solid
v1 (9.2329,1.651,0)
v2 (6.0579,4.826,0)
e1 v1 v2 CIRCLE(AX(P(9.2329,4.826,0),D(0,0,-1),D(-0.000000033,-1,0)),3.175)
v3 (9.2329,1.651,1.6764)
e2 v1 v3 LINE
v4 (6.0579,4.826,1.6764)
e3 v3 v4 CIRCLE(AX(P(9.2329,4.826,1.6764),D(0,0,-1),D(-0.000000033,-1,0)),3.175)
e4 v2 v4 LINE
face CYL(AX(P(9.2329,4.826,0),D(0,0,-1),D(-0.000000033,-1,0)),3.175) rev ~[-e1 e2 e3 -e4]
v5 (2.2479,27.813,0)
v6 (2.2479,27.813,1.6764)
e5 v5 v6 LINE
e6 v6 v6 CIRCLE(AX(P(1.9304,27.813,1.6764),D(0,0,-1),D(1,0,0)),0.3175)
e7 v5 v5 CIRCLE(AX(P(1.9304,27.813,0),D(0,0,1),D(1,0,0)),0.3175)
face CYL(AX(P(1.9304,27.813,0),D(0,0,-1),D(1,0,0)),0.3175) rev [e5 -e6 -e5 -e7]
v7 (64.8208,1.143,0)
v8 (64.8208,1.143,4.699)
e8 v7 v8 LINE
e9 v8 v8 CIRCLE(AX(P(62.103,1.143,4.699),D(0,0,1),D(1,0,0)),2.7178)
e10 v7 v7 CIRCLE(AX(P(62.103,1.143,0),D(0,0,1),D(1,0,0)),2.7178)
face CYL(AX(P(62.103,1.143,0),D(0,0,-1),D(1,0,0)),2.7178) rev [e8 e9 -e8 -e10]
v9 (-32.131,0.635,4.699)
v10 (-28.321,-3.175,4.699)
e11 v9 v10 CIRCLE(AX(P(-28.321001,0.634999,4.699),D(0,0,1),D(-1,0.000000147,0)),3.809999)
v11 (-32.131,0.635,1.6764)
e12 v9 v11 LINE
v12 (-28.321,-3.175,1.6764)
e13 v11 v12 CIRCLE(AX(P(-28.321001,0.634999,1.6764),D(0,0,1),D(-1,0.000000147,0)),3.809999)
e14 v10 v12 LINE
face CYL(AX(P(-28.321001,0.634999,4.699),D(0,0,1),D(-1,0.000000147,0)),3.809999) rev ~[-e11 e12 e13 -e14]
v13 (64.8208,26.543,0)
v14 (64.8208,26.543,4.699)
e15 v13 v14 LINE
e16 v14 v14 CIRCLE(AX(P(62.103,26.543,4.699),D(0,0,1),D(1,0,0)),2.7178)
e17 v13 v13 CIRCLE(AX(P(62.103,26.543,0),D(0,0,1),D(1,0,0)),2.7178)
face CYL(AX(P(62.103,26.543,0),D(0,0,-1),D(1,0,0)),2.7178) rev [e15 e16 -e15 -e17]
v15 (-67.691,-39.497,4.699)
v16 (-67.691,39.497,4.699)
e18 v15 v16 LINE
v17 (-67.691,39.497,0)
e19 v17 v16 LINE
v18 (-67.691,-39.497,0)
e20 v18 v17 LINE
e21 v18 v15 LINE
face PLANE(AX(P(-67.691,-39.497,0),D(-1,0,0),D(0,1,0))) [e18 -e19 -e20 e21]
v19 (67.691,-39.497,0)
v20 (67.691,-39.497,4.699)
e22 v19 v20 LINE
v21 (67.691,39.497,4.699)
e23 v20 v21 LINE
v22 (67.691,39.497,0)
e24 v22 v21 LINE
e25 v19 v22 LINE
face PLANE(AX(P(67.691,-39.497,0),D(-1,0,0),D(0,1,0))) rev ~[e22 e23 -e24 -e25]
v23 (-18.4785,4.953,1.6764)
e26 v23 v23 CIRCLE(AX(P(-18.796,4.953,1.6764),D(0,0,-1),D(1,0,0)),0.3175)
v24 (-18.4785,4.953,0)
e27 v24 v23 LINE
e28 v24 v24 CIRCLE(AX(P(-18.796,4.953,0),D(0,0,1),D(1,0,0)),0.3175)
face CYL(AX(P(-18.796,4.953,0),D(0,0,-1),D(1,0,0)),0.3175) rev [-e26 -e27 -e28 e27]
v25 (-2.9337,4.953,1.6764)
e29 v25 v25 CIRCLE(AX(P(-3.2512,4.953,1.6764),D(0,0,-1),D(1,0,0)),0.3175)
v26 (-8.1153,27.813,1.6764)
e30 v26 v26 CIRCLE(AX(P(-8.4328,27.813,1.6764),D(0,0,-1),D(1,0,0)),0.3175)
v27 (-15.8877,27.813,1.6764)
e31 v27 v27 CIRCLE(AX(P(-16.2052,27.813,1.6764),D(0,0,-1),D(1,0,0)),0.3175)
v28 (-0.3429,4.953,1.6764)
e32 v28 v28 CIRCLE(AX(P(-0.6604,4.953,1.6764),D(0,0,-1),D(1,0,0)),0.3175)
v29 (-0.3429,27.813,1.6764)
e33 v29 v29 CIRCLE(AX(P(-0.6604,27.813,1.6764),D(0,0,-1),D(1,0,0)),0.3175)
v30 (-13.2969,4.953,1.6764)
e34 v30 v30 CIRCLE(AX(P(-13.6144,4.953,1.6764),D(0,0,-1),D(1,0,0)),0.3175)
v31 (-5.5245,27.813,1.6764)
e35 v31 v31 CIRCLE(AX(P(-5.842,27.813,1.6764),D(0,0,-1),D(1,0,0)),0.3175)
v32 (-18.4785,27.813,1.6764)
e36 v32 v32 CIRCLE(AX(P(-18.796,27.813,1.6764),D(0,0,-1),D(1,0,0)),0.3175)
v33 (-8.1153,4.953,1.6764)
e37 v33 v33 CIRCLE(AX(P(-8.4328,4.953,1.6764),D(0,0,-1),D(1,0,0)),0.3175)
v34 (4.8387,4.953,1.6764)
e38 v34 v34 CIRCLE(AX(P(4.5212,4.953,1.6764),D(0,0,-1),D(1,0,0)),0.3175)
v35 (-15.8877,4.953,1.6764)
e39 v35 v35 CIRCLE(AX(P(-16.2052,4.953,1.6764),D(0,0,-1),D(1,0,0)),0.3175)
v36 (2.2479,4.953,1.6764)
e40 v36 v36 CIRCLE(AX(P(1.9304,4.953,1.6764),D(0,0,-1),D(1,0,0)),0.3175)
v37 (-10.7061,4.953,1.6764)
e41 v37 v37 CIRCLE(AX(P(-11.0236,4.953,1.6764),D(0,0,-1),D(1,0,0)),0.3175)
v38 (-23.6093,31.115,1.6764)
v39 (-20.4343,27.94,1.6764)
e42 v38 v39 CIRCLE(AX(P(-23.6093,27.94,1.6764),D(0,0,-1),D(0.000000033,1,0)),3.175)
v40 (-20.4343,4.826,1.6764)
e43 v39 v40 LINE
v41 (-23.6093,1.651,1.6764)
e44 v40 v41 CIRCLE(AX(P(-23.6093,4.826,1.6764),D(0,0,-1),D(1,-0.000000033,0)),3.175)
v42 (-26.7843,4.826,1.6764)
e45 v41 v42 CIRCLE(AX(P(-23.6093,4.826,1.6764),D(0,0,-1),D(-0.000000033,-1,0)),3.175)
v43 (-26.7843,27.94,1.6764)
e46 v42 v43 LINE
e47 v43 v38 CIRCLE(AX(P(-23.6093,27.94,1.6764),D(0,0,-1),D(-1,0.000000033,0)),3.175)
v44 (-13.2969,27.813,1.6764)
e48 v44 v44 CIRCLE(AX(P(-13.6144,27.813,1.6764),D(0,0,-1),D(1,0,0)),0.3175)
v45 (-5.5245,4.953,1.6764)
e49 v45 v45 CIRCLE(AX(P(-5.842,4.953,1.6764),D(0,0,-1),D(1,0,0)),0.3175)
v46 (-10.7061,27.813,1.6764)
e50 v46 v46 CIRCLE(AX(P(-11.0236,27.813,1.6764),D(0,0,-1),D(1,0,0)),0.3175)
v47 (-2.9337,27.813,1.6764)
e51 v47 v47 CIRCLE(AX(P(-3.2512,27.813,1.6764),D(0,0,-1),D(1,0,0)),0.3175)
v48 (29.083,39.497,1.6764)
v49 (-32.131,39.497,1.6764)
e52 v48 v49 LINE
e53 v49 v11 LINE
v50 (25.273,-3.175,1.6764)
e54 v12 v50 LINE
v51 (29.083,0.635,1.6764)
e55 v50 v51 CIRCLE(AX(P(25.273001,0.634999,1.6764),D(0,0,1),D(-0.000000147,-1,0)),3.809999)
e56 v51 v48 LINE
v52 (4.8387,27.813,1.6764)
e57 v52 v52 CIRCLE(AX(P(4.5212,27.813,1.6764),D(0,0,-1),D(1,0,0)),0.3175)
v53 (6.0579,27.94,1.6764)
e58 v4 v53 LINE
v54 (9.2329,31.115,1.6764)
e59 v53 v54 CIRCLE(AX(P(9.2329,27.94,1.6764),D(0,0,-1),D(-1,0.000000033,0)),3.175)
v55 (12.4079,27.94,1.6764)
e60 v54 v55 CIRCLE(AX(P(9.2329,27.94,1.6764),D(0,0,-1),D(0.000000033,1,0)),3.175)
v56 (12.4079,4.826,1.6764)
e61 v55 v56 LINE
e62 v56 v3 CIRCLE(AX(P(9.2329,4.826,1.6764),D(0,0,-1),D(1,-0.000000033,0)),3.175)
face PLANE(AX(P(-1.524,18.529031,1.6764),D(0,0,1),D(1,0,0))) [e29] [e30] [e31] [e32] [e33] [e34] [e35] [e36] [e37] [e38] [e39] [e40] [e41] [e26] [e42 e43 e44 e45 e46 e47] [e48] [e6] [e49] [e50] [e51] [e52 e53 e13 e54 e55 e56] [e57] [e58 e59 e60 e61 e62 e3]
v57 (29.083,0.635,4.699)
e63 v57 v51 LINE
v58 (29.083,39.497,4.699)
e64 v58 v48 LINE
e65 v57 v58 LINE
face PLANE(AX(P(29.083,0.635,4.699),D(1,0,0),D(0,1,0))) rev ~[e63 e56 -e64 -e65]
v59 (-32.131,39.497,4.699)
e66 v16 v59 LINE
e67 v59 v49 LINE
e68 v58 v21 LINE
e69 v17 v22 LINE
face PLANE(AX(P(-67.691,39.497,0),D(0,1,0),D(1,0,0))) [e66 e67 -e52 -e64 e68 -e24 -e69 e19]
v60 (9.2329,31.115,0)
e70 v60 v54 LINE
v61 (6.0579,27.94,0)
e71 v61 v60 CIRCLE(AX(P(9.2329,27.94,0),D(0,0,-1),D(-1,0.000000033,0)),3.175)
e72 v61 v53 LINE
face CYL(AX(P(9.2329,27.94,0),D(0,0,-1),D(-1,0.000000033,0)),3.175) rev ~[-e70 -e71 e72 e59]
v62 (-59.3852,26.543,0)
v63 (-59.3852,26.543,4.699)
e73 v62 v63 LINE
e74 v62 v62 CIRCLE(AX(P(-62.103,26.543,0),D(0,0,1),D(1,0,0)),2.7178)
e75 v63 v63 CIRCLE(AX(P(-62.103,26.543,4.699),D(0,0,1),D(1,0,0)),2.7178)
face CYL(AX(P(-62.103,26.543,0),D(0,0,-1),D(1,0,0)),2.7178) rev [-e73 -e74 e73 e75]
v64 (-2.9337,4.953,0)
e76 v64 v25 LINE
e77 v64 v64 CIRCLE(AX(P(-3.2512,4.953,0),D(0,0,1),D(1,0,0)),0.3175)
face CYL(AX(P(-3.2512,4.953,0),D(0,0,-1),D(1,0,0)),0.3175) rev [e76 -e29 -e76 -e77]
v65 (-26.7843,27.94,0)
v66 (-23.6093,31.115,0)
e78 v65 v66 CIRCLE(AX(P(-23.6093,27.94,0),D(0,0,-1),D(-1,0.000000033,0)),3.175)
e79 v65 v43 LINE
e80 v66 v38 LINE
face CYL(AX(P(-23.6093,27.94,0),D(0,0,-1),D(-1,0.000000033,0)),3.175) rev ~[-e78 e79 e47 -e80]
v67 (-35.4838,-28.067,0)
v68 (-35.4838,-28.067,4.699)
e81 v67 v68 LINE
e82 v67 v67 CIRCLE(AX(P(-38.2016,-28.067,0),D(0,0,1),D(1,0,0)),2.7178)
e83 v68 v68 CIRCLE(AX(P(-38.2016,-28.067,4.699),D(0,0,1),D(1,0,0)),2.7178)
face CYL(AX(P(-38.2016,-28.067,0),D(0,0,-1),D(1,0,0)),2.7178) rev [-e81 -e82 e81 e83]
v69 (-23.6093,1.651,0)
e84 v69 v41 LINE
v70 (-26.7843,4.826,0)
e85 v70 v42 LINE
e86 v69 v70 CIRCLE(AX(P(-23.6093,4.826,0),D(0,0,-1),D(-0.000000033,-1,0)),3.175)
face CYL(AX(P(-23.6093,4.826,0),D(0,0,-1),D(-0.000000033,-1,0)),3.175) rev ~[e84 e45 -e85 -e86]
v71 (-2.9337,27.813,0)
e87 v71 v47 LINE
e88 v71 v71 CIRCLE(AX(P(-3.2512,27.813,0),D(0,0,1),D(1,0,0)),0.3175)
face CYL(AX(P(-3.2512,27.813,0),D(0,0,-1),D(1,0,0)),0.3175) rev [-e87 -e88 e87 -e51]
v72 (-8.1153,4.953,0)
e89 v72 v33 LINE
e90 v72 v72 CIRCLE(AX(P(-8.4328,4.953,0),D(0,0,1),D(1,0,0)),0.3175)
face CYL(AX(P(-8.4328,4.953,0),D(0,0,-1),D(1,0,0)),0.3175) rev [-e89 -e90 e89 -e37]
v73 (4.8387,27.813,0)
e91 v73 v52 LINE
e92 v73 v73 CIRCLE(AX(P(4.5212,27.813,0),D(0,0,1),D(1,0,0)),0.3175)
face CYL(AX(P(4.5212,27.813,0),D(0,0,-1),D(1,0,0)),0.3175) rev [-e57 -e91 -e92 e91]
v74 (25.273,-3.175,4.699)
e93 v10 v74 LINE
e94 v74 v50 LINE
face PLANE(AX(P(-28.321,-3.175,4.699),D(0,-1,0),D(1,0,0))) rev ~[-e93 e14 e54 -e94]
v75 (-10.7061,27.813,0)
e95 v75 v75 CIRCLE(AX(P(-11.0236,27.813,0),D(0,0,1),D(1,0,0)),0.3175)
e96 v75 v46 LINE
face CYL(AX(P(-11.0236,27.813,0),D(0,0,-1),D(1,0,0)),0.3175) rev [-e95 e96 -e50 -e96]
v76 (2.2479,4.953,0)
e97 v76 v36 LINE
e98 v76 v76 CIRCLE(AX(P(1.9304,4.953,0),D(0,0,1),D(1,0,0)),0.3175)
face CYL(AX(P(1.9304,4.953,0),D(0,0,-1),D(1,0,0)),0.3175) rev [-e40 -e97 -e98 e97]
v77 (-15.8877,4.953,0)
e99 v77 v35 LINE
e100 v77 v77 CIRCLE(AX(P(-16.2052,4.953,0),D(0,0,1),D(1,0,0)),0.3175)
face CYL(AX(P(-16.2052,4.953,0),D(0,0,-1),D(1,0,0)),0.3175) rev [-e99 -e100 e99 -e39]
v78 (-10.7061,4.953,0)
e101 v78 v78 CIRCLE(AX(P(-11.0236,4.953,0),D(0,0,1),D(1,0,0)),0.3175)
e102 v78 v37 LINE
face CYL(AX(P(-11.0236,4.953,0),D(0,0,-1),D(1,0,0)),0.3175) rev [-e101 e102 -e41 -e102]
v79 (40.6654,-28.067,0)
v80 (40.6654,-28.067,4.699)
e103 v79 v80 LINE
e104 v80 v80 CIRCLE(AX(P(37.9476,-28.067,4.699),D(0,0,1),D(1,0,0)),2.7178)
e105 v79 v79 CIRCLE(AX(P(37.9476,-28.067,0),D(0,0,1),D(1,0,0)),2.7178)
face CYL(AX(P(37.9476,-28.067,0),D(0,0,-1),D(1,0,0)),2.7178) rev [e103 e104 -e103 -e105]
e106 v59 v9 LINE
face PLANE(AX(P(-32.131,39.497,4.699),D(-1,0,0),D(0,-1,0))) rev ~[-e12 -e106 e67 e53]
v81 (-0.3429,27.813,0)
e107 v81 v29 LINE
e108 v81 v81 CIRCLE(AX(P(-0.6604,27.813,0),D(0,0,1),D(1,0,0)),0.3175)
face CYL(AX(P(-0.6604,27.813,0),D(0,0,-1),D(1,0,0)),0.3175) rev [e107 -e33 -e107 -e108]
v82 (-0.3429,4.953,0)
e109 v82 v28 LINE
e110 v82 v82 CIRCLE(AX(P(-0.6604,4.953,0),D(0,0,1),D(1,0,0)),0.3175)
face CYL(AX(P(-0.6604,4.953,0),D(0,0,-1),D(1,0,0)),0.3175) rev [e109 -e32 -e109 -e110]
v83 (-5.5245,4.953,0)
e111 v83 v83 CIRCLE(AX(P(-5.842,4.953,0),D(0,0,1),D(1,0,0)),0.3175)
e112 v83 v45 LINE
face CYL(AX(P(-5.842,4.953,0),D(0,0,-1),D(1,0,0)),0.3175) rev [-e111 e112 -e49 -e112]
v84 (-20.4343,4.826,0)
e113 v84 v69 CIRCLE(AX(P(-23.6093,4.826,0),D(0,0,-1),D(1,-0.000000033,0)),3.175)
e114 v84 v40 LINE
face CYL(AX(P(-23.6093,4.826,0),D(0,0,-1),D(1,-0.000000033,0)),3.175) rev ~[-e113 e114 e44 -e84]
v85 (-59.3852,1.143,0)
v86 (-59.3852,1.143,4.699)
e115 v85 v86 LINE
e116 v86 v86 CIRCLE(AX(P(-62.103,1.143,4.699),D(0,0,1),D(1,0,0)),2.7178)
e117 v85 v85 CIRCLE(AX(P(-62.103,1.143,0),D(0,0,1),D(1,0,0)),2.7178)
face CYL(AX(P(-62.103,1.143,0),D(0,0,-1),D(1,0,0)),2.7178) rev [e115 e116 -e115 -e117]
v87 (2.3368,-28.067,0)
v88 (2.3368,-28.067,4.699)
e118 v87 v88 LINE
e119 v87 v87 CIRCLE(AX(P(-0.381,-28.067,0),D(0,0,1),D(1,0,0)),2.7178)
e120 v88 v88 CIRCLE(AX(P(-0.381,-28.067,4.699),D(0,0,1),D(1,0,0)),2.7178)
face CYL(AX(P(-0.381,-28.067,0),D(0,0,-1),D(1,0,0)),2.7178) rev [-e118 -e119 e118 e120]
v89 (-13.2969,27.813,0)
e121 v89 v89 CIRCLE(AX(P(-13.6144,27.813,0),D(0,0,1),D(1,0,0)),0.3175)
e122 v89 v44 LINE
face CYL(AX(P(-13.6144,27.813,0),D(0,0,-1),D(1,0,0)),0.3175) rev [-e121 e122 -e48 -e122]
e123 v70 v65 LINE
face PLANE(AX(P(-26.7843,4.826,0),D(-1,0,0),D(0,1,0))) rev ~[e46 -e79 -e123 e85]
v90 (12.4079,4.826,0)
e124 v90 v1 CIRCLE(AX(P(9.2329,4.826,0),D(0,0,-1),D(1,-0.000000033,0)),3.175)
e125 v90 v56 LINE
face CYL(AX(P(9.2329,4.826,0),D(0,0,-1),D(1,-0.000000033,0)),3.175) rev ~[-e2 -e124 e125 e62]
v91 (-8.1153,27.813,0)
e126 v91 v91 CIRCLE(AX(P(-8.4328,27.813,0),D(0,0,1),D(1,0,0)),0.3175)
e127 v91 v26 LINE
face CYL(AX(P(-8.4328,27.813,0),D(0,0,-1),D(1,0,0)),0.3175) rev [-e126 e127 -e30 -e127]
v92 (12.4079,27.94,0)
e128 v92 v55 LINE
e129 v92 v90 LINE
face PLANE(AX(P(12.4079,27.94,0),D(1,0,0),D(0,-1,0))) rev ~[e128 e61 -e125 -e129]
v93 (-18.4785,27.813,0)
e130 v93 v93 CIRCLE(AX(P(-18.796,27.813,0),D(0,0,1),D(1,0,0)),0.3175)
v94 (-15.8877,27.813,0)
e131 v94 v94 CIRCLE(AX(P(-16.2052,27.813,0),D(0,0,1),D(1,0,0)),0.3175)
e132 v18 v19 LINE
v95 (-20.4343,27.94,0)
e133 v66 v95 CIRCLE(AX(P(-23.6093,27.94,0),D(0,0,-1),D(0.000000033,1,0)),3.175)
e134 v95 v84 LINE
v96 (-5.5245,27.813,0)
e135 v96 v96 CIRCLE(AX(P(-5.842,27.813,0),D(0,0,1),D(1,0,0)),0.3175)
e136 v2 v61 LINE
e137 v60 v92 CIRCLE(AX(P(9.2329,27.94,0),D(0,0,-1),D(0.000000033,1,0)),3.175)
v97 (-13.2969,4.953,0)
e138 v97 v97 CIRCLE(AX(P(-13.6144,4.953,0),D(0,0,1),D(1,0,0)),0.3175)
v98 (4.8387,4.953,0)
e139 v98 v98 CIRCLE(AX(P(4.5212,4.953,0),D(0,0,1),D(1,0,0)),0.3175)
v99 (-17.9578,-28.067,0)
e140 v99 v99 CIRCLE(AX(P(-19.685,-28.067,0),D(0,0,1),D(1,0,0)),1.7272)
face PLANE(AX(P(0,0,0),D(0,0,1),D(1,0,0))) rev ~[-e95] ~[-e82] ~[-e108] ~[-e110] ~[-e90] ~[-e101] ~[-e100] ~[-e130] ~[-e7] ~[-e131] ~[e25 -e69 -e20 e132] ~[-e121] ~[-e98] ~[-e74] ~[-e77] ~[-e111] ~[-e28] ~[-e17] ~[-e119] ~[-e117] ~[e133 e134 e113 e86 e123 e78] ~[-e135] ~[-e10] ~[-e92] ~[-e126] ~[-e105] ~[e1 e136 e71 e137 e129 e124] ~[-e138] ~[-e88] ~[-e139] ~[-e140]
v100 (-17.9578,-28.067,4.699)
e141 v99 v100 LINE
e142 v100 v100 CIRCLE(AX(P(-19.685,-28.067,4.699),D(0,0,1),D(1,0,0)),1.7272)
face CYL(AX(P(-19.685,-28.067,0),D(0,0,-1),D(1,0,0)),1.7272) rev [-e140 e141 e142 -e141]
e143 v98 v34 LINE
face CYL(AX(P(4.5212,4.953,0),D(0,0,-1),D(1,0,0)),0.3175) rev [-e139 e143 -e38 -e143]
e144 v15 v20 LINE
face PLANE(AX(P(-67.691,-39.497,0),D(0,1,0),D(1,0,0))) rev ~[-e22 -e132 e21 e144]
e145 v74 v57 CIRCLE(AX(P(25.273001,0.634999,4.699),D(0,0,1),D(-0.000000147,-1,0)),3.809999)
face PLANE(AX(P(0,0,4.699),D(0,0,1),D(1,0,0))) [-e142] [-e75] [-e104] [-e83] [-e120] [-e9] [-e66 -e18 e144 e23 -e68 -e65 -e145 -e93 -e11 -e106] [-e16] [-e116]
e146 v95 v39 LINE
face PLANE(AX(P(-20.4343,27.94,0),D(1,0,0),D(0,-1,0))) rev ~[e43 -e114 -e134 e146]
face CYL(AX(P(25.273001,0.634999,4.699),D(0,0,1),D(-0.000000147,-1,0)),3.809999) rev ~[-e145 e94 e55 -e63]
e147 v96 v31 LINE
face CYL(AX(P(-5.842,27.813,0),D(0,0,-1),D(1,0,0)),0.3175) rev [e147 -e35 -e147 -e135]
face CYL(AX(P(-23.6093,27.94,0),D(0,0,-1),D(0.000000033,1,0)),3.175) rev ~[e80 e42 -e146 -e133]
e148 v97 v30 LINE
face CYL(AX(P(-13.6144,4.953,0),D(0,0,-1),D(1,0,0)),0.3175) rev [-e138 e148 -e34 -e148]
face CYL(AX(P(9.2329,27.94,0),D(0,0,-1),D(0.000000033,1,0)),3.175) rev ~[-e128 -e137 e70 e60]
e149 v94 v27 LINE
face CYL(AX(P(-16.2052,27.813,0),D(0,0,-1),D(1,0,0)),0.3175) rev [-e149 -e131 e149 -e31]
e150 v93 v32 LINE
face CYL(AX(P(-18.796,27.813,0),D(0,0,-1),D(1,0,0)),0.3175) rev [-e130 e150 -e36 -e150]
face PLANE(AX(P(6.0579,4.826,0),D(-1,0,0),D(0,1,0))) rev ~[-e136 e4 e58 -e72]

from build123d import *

# Parameters (mm, degrees)
F0_W     = 135.382
F0_H     = 78.994
F0_R     = 2.7178
F0_R_2   = 1.7272
F0_R_3   = 0.3175
F1_DEPTH = 4.699
F3_DEPTH = 3.0226


with BuildPart() as f1:
    # F0 (on Top) → F1 (new body)
    with BuildSketch(Plane.XY):
        Rectangle(F0_W, F0_H)
        with Locations((-38.2016, -28.067)):
            Circle(F0_R, mode=Mode.SUBTRACT)
        with Locations((-19.685, -28.067)):
            Circle(F0_R_2, mode=Mode.SUBTRACT)
        with Locations((-0.381, -28.067)):
            Circle(F0_R, mode=Mode.SUBTRACT)
        with Locations((37.9476, -28.067)):
            Circle(F0_R, mode=Mode.SUBTRACT)
        with Locations((-62.103, 1.143)):
            Circle(F0_R, mode=Mode.SUBTRACT)
        with Locations((-18.796, 4.953)):
            Circle(F0_R_3, mode=Mode.SUBTRACT)
        with Locations((-16.2052, 4.953)):
            Circle(F0_R_3, mode=Mode.SUBTRACT)
        with Locations((-13.6144, 4.953)):
            Circle(F0_R_3, mode=Mode.SUBTRACT)
        with Locations((-11.0236, 4.953)):
            Circle(F0_R_3, mode=Mode.SUBTRACT)
        with Locations((-8.4328, 4.953)):
            Circle(F0_R_3, mode=Mode.SUBTRACT)
        with Locations((-5.842, 4.953)):
            Circle(F0_R_3, mode=Mode.SUBTRACT)
        with Locations((-3.2512, 4.953)):
            Circle(F0_R_3, mode=Mode.SUBTRACT)
        with Locations((-0.6604, 4.953)):
            Circle(F0_R_3, mode=Mode.SUBTRACT)
        with BuildLine():
            ThreePointArc((-23.6093, 31.115), (-21.364236, 30.185064), (-20.4343, 27.94))
            Line((-20.4343, 27.94), (-20.4343, 4.826))
            ThreePointArc((-20.4343, 4.826), (-21.364236, 2.580936), (-23.6093, 1.651))
            ThreePointArc((-23.6093, 1.651), (-25.854364, 2.580936), (-26.7843, 4.826))
            Line((-26.7843, 4.826), (-26.7843, 27.94))
            ThreePointArc((-26.7843, 27.94), (-25.854364, 30.185064), (-23.6093, 31.115))
        make_face(mode=Mode.SUBTRACT)
        with Locations((-62.103, 26.543)):
            Circle(F0_R, mode=Mode.SUBTRACT)
        with Locations((-18.796, 27.813)):
            Circle(F0_R_3, mode=Mode.SUBTRACT)
        with Locations((-16.2052, 27.813)):
            Circle(F0_R_3, mode=Mode.SUBTRACT)
        with Locations((-13.6144, 27.813)):
            Circle(F0_R_3, mode=Mode.SUBTRACT)
        with Locations((-11.0236, 27.813)):
            Circle(F0_R_3, mode=Mode.SUBTRACT)
        with Locations((-8.4328, 27.813)):
            Circle(F0_R_3, mode=Mode.SUBTRACT)
        with Locations((-5.842, 27.813)):
            Circle(F0_R_3, mode=Mode.SUBTRACT)
        with Locations((-3.2512, 27.813)):
            Circle(F0_R_3, mode=Mode.SUBTRACT)
        with Locations((-0.6604, 27.813)):
            Circle(F0_R_3, mode=Mode.SUBTRACT)
        with Locations((1.9304, 4.953)):
            Circle(F0_R_3, mode=Mode.SUBTRACT)
        with Locations((4.5212, 4.953)):
            Circle(F0_R_3, mode=Mode.SUBTRACT)
        with BuildLine():
            Line((6.0579, 4.826), (6.0579, 27.94))
            ThreePointArc((6.0579, 27.94), (6.987836, 30.185064), (9.2329, 31.115))
            ThreePointArc((9.2329, 31.115), (11.477964, 30.185064), (12.4079, 27.94))
            Line((12.4079, 27.94), (12.4079, 4.826))
            ThreePointArc((12.4079, 4.826), (11.477964, 2.580936), (9.2329, 1.651))
            ThreePointArc((9.2329, 1.651), (6.987836, 2.580936), (6.0579, 4.826))
        make_face(mode=Mode.SUBTRACT)
        with Locations((62.103, 1.143)):
            Circle(F0_R, mode=Mode.SUBTRACT)
        with Locations((1.9304, 27.813)):
            Circle(F0_R_3, mode=Mode.SUBTRACT)
        with Locations((4.5212, 27.813)):
            Circle(F0_R_3, mode=Mode.SUBTRACT)
        with Locations((62.103, 26.543)):
            Circle(F0_R, mode=Mode.SUBTRACT)
    extrude(amount=F1_DEPTH)

    # F2 (on face) → F3 (cut)
    with BuildSketch(Plane.XY.offset(4.699)):
        with BuildLine():
            Line((29.083, 39.497), (-32.131, 39.497))
            Line((-32.131, 39.497), (-32.131, 0.635))
            ThreePointArc((-32.131, 0.635), (-31.015077, -2.059077), (-28.321, -3.175))
            Line((-28.321, -3.175), (25.273, -3.175))
            ThreePointArc((25.273, -3.175), (27.967077, -2.059077), (29.083, 0.635))
            Line((29.083, 0.635), (29.083, 39.497))
        make_face()
    extrude(amount=-F3_DEPTH, mode=Mode.SUBTRACT)


solid = f1.part
